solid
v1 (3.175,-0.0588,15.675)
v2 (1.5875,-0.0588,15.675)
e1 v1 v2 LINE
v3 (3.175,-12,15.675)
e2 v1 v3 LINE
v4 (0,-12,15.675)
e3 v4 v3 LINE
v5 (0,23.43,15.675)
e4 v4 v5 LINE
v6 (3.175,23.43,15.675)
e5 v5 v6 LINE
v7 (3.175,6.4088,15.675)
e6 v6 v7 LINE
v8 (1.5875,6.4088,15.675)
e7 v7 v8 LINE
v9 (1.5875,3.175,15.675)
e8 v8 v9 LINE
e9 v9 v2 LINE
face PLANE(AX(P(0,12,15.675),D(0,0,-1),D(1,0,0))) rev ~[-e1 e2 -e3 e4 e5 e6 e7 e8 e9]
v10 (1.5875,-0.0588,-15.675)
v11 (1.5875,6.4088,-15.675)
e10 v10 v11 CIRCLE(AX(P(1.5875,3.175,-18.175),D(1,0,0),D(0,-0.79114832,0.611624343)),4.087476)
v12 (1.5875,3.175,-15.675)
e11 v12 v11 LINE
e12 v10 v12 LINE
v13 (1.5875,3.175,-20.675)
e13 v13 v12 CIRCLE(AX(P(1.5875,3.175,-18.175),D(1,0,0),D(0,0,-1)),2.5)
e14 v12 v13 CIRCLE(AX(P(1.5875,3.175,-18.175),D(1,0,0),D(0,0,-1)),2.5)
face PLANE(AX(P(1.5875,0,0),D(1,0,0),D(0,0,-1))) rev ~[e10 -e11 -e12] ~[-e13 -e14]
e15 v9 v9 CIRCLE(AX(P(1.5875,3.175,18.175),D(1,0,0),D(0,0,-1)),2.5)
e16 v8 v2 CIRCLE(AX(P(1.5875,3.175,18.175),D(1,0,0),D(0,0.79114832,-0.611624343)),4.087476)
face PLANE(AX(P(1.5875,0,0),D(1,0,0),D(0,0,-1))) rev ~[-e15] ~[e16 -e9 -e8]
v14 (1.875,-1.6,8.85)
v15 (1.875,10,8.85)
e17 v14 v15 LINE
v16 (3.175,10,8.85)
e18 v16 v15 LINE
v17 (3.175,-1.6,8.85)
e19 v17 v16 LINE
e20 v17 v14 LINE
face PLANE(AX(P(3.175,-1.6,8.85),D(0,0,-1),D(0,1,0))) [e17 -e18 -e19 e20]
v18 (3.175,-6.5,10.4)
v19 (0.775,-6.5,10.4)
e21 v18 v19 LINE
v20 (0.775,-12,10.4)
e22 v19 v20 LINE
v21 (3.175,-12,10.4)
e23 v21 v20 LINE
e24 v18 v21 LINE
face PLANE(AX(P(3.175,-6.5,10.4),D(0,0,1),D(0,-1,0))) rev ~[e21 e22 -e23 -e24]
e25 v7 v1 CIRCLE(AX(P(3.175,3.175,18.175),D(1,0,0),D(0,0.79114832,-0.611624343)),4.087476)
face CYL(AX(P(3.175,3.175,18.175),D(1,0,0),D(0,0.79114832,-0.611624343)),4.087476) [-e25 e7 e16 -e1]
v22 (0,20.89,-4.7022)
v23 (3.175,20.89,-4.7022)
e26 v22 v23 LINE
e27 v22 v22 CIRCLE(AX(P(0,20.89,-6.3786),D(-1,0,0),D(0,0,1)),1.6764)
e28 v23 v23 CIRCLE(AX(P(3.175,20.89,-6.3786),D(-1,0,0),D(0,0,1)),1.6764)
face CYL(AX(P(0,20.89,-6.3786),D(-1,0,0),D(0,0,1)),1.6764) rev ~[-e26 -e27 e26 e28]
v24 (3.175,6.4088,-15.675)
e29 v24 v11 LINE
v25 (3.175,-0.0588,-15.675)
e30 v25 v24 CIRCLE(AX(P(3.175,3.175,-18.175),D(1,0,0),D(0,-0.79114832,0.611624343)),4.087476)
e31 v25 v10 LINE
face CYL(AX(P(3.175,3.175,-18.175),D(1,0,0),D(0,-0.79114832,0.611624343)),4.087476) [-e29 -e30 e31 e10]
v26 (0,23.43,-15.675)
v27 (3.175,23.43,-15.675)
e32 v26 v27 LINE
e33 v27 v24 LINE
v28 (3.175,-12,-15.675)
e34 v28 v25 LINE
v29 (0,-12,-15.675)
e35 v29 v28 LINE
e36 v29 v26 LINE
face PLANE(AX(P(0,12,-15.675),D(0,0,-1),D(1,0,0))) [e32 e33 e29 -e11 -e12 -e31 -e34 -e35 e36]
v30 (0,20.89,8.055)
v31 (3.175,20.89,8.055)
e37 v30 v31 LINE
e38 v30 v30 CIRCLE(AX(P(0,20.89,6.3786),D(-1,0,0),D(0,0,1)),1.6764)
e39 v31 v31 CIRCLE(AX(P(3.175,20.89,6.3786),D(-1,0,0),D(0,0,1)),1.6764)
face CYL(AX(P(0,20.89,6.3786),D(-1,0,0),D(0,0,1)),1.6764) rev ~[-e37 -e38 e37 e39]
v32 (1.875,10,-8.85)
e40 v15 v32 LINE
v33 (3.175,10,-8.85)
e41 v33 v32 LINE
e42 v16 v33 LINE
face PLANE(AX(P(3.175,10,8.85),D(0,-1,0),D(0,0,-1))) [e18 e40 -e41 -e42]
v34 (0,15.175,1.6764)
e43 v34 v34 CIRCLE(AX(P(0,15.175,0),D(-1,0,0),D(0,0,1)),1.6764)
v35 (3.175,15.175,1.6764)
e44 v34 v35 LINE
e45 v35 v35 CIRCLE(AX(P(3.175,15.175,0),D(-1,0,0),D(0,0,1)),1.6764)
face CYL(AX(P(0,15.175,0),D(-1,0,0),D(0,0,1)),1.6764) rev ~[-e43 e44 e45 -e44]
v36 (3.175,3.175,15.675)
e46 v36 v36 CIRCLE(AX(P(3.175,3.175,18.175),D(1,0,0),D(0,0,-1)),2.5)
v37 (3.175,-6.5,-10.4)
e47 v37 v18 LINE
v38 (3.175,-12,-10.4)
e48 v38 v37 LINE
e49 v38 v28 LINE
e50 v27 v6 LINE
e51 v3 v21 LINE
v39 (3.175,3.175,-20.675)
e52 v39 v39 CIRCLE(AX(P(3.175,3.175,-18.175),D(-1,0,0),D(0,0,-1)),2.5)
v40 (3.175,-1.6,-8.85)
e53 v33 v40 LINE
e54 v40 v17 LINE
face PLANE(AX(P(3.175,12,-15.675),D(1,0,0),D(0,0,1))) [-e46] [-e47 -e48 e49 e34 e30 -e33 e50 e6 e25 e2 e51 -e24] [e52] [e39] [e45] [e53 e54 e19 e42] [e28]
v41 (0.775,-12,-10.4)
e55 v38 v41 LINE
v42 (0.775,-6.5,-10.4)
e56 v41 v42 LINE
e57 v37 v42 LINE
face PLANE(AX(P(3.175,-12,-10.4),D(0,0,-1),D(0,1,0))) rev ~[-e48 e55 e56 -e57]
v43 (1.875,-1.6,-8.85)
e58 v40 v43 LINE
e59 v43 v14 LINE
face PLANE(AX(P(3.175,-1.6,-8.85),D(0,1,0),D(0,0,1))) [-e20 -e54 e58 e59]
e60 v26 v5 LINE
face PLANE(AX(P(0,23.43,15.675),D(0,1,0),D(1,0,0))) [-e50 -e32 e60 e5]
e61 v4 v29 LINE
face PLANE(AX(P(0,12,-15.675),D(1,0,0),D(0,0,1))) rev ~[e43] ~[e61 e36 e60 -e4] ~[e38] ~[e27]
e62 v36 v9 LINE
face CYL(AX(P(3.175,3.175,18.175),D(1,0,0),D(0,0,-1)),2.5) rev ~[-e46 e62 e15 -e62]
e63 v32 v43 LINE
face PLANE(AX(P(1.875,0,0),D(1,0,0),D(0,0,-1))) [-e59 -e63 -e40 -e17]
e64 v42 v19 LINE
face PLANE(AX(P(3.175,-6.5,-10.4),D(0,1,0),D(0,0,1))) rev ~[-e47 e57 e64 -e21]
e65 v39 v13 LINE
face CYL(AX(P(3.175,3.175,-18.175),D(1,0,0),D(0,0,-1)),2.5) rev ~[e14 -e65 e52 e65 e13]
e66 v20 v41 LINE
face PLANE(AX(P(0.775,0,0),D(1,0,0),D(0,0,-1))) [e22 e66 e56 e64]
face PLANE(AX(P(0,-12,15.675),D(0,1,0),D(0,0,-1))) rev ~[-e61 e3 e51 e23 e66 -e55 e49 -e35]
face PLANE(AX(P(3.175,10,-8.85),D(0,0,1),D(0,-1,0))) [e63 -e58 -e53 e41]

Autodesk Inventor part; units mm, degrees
ref_plane "YZ Plane" through (0, 0, 0) normal (1, 0, 0) x (0, 1, 0)
ref_plane "XZ Plane" through (0, 0, 0) normal (0, 1, 0) x (-1, 0, 0)
ref_plane "XY Plane" through (0, 0, 0) normal (0, 0, 1) x (1, 0, 0)
sketch "Sketch2" plane through (0, 0, 0) normal (1, 0, 0) x (0, 1, 0)
  line L0 (12, 15.675) -> (-12, 15.675)
  line L1 (-12, 15.675) -> (-12, -15.675)
  line L2 (-12, -15.675) -> (12, -15.675)
  line L3 (12, -15.675) -> (12, 15.675)
  point P0 (0, 0)
  dimension "d4" = 24
  dimension "d5" = 31.35
  dimension "d6" = 15.675
  dimension "d7" = 12
extrude "Extrusion1" add sketch "Sketch2" along normal blind 3.175
sketch "Sketch3" plane through (3.175, 0, 0) normal (1, 0, 0) x (0, 0, -1)
  line L0 (-15.675, -12) -> (15.675, -12) projected
  line L1 (-10.4, -12) -> (10.4, -12)
  line L2 (10.4, -12) -> (10.4, -6.5)
  line L3 (10.4, -6.5) -> (-10.4, -6.5)
  line L4 (-10.4, -6.5) -> (-10.4, -12)
  point P0 (0, 0)
  dimension "d16" = 20.8
  dimension "d17" = 10.4
  dimension "d18" = 5.5
extrude "Extrusion2" cut sketch "Sketch3" against normal blind 2.4
sketch "Sketch4" plane through (3.175, 0, 0) normal (1, 0, 0) x (0, 0, -1)
  line L0 (-8.85, 10) -> (8.85, 10)
  line L1 (8.85, 10) -> (8.85, -1.6)
  line L2 (8.85, -1.6) -> (-8.85, -1.6)
  line L3 (-8.85, -1.6) -> (-8.85, 10)
  line L4 (-10.4, -6.5) -> (10.4, -6.5) projected
  line L5 (10.4, -12) -> (-10.4, -12) projected
  point P0 (0, 4.2)
  dimension "d21" = 17.7
  dimension "d22" = 8.85
  dimension "d23" = 5.8
  dimension "d24" = 11.6
  dimension "d27" = 10.4
extrude "Extrusion3" cut sketch "Sketch4" against normal blind 1.3
sketch "Sketch5" plane through (3.175, 0, 0) normal (1, 0, 0) x (0, 0, -1)
  circle A0 centre (-10.65, 10.9) radius 0.8411
  circle A1 centre (10.65, 10.9) radius 0.8411
  line L0 (-15.675, 12) -> (-15.675, -12) projected
  line L1 (15.675, 12) -> (-15.675, 12) projected
  line L2 (15.675, -12) -> (15.675, 12) projected
  line L3 (8.85, 10) -> (8.85, -1.6) projected
  line L4 (-8.85, 10) -> (8.85, 10) projected
  point P0 (0, 0)
  dimension "d31" = 1.6822
  dimension "d33" = 1.6822
  dimension "d60" = 1.8
  dimension "d62" = 0.9
  dimension "d67" = 0.9
  dimension "d68" = 1.8
extrude "Extrusion7" [suppressed]
sketch "Sketch10" plane through (3.175, 0, 0) normal (1, 0, 0) x (0, 0, -1)
  circle A0 centre (-18.175, 3.175) radius 2.5
  line L0 (-15.675, 12) -> (-15.675, -12) construction
  arc A1 (-15.675, 6.4088) -> (-15.675, -0.0588) centre (-18.175, 3.175) ccw
  line L1 (0, 13.5875) -> (0, -23.7475) construction
  circle A2 centre (18.175, 3.175) radius 2.5
  arc A3 (15.675, -0.0588) -> (15.675, 6.4088) centre (18.175, 3.175) ccw
  line L2 (15.675, 12) -> (-15.675, 12) projected
  line L3 (-15.675, 6.4088) -> (-15.675, -0.0588)
  line L4 (15.675, -12) -> (15.675, 12) projected
  line L5 (15.675, 6.4088) -> (15.675, -0.0588)
  point P0 (0, 0)
  dimension "d73" = 8.175
  dimension "d74" = 5
  dimension "d80" = 24
  dimension "d81" = 15.175
extrude "Extrusion13" add sketch "Sketch10" against normal blind 1.5875
sketch "Sketch12" plane through (0, 12, 15.675) normal (0, 1, 0) x (1, 0, 0)
  line L0 (0, 31.35) -> (0, 0) projected
  line L1 (0, 0) -> (3.175, 0) projected
  line L2 (3.175, 31.35) -> (3.175, 0) projected
  line L3 (0, 31.35) -> (3.175, 31.35) projected
  point P0 (0, 15.675)
extrude "Extrusion14" add sketch "Sketch12" along normal blind 11.43
sketch "Sketch13" plane through (0, 0, 0) normal (-1, 0, 0) x (0, 0, 1)
  circle A0 centre (-6.3786, 20.89) radius 1.6764
  circle A1 centre (6.3786, 20.89) radius 1.6764
  line L0 (-15.675, 23.43) -> (15.675, 23.43) projected
  line L1 (-15.675, -12) -> (-15.675, 23.43) projected
  line L2 (15.675, 23.43) -> (15.675, -12) projected
  circle A2 centre (0, 15.175) radius 1.6764
  point P0 (0, 0)
  dimension "d92" = 3.3528
  dimension "d93" = 3.3528
  dimension "d94" = 2.54
  dimension "d95" = 9.2964
  dimension "d96" = 9.2964
  dimension "d97" = 2.54
  dimension "d98" = 3.3528
  dimension "d99" = 8.255
  dimension "d100" = 31.35
  dimension "d101" = 15.675
extrude "Extrusion15" cut sketch "Sketch13" against normal through all
equation "\"d6\" = 0.5 * d5"
equation "\"d7\" = 0.5 * d4"
equation "\"d17\" = 0.5 * d16"
equation "\"d22\" = 0.5 * d21"
equation "\"d23\" = 0.5 * d24"
equation "\"d31\" = d30"
equation "\"d33\" = d30"
equation "\"d67\" = d62"
equation "\"d68\" = d60"
equation "\"d93\" = d92"
equation "\"d96\" = d95"
equation "\"d98\" = d92"
equation "\"d101\" = 0.5 * d100"
equation "\"d30\" = 1.682224"
properties part number "Pi cCam Mount" material "Aluminum 6061-AHC"
